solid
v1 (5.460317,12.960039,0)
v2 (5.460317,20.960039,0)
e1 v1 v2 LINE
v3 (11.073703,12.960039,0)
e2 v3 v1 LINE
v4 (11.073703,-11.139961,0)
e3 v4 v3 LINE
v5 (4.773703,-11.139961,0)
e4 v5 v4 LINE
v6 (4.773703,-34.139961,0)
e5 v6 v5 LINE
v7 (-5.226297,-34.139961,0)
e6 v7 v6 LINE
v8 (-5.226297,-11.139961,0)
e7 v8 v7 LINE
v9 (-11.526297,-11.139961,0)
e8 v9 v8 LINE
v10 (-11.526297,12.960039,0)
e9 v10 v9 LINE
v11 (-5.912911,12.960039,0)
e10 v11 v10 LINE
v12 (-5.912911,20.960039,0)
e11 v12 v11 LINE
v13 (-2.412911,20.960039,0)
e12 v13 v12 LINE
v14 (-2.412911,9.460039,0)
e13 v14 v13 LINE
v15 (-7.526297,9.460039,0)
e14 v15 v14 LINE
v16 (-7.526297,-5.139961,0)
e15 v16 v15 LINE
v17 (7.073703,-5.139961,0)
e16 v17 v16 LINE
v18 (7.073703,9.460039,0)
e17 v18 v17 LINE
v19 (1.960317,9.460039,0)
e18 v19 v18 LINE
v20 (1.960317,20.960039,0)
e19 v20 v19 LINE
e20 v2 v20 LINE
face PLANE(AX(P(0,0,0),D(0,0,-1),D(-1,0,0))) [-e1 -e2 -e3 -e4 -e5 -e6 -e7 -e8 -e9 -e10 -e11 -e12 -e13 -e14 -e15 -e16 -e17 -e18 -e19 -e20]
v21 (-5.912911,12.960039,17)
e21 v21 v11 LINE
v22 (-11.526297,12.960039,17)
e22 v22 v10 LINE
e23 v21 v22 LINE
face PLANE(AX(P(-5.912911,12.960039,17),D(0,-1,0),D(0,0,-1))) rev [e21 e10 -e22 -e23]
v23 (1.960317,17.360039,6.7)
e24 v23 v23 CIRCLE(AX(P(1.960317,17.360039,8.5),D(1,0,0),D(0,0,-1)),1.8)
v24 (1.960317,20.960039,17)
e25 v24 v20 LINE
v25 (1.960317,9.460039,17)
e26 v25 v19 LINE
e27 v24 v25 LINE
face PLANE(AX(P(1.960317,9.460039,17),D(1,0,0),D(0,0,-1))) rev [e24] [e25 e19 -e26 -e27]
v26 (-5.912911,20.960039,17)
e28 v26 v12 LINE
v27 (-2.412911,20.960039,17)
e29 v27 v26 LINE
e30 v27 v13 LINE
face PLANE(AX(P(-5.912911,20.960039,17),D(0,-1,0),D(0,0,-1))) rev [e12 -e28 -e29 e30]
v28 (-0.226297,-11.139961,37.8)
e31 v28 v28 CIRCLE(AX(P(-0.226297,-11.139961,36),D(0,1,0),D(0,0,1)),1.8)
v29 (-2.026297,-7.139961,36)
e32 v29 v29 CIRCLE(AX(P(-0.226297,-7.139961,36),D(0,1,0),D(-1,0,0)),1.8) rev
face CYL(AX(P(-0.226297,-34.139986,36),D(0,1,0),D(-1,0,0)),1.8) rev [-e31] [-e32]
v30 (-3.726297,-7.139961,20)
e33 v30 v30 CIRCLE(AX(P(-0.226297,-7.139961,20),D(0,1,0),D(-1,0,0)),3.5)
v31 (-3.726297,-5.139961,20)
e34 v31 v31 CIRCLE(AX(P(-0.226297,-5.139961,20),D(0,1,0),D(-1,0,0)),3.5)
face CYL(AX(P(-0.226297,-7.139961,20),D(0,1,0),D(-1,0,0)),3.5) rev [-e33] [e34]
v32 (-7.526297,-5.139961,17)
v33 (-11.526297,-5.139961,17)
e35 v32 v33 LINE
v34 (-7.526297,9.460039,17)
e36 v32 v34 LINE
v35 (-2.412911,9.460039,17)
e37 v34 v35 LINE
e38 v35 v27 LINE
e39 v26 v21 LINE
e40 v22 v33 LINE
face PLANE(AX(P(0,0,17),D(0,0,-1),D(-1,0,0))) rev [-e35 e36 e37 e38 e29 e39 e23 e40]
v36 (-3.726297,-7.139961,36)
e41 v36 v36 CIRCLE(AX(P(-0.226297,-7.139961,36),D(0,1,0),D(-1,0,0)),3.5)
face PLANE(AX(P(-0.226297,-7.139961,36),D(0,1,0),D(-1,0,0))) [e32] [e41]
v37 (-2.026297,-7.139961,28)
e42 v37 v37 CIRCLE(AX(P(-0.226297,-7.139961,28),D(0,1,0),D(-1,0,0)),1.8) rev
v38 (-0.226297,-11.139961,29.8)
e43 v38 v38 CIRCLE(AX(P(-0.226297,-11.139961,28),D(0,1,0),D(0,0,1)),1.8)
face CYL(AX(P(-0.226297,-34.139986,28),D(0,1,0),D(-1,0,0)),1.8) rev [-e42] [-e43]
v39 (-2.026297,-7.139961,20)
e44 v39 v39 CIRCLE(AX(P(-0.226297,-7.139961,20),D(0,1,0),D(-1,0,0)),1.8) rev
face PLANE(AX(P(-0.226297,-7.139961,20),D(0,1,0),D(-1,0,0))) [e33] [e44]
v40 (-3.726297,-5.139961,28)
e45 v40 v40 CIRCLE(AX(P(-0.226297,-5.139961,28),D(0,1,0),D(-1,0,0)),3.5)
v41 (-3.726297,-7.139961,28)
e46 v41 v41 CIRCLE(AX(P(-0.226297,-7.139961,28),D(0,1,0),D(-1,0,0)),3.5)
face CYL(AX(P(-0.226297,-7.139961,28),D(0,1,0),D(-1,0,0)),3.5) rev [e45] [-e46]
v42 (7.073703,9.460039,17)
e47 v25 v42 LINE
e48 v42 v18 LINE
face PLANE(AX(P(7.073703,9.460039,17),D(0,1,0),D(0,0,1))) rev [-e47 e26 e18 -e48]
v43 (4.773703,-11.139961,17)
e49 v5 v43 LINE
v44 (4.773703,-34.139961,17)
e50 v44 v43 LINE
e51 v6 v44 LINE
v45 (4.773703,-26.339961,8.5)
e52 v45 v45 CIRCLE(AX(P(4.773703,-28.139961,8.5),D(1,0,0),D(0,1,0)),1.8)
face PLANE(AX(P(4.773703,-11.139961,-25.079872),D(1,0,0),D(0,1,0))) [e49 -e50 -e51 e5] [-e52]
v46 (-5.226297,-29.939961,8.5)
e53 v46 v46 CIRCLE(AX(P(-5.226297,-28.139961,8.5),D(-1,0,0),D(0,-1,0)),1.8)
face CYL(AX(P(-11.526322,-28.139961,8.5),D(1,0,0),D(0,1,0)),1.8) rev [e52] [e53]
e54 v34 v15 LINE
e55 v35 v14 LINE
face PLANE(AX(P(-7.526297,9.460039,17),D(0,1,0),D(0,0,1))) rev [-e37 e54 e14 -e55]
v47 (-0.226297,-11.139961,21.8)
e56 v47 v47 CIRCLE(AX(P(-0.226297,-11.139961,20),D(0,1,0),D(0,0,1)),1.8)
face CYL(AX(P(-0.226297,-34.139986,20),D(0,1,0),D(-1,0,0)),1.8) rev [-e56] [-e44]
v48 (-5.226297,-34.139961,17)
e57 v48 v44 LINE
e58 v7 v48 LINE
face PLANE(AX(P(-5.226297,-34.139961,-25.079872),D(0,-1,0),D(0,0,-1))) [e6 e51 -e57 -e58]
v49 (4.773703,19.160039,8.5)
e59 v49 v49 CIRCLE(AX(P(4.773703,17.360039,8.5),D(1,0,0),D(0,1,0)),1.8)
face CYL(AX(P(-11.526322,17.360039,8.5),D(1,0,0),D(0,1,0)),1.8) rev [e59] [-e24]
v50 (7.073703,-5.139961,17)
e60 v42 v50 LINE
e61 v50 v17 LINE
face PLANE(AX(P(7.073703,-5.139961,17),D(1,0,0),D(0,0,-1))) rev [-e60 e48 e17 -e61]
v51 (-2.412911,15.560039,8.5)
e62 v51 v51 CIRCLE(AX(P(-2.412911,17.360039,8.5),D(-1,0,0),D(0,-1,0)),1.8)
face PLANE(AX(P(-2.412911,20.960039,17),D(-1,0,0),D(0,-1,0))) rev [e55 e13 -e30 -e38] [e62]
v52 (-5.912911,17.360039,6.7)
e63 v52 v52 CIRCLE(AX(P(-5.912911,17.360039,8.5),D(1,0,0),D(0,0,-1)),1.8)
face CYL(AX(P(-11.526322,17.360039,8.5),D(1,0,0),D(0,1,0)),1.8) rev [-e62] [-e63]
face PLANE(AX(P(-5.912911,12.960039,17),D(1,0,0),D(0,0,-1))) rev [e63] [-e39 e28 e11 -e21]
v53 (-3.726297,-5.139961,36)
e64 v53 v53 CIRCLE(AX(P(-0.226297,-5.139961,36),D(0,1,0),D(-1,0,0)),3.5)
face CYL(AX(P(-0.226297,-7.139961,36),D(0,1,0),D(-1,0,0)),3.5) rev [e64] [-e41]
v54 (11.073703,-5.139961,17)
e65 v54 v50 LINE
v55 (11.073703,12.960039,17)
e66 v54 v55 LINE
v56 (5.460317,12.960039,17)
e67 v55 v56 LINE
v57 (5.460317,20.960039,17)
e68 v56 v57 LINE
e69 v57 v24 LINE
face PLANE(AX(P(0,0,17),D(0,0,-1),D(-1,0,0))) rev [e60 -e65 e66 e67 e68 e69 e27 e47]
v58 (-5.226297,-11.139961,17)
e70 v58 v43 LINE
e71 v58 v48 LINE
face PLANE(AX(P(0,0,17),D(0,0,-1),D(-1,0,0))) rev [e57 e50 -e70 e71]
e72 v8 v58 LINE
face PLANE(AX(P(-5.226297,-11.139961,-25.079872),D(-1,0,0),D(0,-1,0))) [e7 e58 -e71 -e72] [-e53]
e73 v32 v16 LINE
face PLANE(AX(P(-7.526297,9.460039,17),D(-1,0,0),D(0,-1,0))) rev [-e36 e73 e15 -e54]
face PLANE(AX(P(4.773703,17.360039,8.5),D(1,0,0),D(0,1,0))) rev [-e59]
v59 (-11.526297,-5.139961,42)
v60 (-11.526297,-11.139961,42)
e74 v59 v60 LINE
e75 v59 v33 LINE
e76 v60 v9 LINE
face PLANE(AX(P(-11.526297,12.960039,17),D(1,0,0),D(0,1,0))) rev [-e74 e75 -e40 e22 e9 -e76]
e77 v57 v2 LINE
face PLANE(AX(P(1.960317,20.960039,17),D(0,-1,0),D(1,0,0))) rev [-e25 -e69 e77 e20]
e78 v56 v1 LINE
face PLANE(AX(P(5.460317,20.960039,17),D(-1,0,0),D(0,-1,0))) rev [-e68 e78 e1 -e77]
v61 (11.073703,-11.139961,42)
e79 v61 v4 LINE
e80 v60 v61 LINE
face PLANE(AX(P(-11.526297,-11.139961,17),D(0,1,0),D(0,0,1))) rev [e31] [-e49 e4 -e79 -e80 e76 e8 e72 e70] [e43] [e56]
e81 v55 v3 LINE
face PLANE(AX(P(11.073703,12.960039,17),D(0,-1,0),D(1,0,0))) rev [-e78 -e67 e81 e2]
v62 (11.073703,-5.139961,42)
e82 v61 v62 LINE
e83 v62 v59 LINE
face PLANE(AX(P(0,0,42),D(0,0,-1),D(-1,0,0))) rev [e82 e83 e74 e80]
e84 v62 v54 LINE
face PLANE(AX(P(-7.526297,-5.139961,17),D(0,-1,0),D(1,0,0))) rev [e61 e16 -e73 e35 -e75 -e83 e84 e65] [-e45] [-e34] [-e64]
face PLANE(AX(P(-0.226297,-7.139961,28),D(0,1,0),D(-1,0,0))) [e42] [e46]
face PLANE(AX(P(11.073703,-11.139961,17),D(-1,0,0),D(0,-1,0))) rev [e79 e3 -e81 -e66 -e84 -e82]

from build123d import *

# Parameters (mm, degrees)
BOSS_EXTRUDE1_DEPTH = 17
SKETCH3_W           = 10
SKETCH3_H           = 23
BOSS_EXTRUDE2_DEPTH = 17
SKETCH4_R           = 1.8
CUT_EXTRUDE1_DEPTH  = 42.475618626
SKETCH5_W           = 22.6
SKETCH5_H           = 6
BOSS_EXTRUDE3_DEPTH = 25
SKETCH6_R           = 1.8
CUT_EXTRUDE2_DEPTH  = 53.324521174
SKETCH7_R           = 3.5
CUT_EXTRUDE3_DEPTH  = 2


with BuildPart() as part:
    # Sketch2 → Boss-Extrude1 (new body)
    with BuildSketch(Plane.XY):
        Polygon((-7.526296722, 9.460038951), (-7.526296722, -5.139961049), (7.073703278, -5.139961049), (7.073703278, 9.460038951), (1.960317302, 9.460038951), (1.960317302, 20.960038951), (5.460317302, 20.960038951), (5.460317302, 12.960038951), (11.073703278, 12.960038951), (11.073703278, -11.139961049), (-11.526296722, -11.139961049), (-11.526296722, 12.960038951), (-5.912910746, 12.960038951), (-5.912910746, 20.960038951), (-2.412910746, 20.960038951), (-2.412910746, 9.460038951), align=None)
    extrude(amount=BOSS_EXTRUDE1_DEPTH)

    # Sketch3 → Boss-Extrude2 (add)
    with BuildSketch(Plane.XY.offset(17)):
        with Locations((-0.226296722, -22.639961049)):
            Rectangle(SKETCH3_W, SKETCH3_H)
    extrude(amount=-BOSS_EXTRUDE2_DEPTH)

    # Sketch4 → Cut-Extrude1 (cut, through all)
    with BuildSketch(Plane(origin=(4.773703278, 0, 0), x_dir=(0, 0, -1), z_dir=(1, 0, 0))):
        with Locations(Location((-8.5, -28.139961049, 0), (0, 0, 90))):
            Circle(SKETCH4_R)
        with Locations(Location((-8.5, 17.360038951, 0), (0, 0, 90))):
            Circle(SKETCH4_R)
    extrude(amount=-CUT_EXTRUDE1_DEPTH, mode=Mode.SUBTRACT)

    # Sketch5 → Boss-Extrude3 (add)
    with BuildSketch(Plane.XY.offset(17)):
        with Locations((-0.226296722, -8.139961049)):
            Rectangle(SKETCH5_W, SKETCH5_H)
    extrude(amount=BOSS_EXTRUDE3_DEPTH)

    # Sketch6 → Cut-Extrude2 (cut, through all)
    with BuildSketch(Plane(origin=(0, -5.139961049, 0), x_dir=(1, 0, 0), z_dir=(0, 1, 0))):
        with Locations(Location((-0.226296722, -36, 0), (0, 0, 180))):
            Circle(SKETCH6_R)
        with Locations(Location((-0.226296722, -28, 0), (0, 0, 180))):
            Circle(SKETCH6_R)
        with Locations(Location((-0.226296722, -20, 0), (0, 0, 180))):
            Circle(SKETCH6_R)
    extrude(amount=-CUT_EXTRUDE2_DEPTH, mode=Mode.SUBTRACT)

    # Sketch7 → Cut-Extrude3 (cut)
    with BuildSketch(Plane(origin=(0, -5.139961049, 0), x_dir=(1, 0, 0), z_dir=(0, 1, 0))):
        with Locations(Location((-0.226296722, -36, 0), (0, 0, 180))):
            Circle(SKETCH7_R)
        with Locations(Location((-0.226296722, -28, 0), (0, 0, 180))):
            Circle(SKETCH7_R)
        with Locations(Location((-0.226296722, -20, 0), (0, 0, 180))):
            Circle(SKETCH7_R)
    extrude(amount=-CUT_EXTRUDE3_DEPTH, mode=Mode.SUBTRACT)


solid = part.part
